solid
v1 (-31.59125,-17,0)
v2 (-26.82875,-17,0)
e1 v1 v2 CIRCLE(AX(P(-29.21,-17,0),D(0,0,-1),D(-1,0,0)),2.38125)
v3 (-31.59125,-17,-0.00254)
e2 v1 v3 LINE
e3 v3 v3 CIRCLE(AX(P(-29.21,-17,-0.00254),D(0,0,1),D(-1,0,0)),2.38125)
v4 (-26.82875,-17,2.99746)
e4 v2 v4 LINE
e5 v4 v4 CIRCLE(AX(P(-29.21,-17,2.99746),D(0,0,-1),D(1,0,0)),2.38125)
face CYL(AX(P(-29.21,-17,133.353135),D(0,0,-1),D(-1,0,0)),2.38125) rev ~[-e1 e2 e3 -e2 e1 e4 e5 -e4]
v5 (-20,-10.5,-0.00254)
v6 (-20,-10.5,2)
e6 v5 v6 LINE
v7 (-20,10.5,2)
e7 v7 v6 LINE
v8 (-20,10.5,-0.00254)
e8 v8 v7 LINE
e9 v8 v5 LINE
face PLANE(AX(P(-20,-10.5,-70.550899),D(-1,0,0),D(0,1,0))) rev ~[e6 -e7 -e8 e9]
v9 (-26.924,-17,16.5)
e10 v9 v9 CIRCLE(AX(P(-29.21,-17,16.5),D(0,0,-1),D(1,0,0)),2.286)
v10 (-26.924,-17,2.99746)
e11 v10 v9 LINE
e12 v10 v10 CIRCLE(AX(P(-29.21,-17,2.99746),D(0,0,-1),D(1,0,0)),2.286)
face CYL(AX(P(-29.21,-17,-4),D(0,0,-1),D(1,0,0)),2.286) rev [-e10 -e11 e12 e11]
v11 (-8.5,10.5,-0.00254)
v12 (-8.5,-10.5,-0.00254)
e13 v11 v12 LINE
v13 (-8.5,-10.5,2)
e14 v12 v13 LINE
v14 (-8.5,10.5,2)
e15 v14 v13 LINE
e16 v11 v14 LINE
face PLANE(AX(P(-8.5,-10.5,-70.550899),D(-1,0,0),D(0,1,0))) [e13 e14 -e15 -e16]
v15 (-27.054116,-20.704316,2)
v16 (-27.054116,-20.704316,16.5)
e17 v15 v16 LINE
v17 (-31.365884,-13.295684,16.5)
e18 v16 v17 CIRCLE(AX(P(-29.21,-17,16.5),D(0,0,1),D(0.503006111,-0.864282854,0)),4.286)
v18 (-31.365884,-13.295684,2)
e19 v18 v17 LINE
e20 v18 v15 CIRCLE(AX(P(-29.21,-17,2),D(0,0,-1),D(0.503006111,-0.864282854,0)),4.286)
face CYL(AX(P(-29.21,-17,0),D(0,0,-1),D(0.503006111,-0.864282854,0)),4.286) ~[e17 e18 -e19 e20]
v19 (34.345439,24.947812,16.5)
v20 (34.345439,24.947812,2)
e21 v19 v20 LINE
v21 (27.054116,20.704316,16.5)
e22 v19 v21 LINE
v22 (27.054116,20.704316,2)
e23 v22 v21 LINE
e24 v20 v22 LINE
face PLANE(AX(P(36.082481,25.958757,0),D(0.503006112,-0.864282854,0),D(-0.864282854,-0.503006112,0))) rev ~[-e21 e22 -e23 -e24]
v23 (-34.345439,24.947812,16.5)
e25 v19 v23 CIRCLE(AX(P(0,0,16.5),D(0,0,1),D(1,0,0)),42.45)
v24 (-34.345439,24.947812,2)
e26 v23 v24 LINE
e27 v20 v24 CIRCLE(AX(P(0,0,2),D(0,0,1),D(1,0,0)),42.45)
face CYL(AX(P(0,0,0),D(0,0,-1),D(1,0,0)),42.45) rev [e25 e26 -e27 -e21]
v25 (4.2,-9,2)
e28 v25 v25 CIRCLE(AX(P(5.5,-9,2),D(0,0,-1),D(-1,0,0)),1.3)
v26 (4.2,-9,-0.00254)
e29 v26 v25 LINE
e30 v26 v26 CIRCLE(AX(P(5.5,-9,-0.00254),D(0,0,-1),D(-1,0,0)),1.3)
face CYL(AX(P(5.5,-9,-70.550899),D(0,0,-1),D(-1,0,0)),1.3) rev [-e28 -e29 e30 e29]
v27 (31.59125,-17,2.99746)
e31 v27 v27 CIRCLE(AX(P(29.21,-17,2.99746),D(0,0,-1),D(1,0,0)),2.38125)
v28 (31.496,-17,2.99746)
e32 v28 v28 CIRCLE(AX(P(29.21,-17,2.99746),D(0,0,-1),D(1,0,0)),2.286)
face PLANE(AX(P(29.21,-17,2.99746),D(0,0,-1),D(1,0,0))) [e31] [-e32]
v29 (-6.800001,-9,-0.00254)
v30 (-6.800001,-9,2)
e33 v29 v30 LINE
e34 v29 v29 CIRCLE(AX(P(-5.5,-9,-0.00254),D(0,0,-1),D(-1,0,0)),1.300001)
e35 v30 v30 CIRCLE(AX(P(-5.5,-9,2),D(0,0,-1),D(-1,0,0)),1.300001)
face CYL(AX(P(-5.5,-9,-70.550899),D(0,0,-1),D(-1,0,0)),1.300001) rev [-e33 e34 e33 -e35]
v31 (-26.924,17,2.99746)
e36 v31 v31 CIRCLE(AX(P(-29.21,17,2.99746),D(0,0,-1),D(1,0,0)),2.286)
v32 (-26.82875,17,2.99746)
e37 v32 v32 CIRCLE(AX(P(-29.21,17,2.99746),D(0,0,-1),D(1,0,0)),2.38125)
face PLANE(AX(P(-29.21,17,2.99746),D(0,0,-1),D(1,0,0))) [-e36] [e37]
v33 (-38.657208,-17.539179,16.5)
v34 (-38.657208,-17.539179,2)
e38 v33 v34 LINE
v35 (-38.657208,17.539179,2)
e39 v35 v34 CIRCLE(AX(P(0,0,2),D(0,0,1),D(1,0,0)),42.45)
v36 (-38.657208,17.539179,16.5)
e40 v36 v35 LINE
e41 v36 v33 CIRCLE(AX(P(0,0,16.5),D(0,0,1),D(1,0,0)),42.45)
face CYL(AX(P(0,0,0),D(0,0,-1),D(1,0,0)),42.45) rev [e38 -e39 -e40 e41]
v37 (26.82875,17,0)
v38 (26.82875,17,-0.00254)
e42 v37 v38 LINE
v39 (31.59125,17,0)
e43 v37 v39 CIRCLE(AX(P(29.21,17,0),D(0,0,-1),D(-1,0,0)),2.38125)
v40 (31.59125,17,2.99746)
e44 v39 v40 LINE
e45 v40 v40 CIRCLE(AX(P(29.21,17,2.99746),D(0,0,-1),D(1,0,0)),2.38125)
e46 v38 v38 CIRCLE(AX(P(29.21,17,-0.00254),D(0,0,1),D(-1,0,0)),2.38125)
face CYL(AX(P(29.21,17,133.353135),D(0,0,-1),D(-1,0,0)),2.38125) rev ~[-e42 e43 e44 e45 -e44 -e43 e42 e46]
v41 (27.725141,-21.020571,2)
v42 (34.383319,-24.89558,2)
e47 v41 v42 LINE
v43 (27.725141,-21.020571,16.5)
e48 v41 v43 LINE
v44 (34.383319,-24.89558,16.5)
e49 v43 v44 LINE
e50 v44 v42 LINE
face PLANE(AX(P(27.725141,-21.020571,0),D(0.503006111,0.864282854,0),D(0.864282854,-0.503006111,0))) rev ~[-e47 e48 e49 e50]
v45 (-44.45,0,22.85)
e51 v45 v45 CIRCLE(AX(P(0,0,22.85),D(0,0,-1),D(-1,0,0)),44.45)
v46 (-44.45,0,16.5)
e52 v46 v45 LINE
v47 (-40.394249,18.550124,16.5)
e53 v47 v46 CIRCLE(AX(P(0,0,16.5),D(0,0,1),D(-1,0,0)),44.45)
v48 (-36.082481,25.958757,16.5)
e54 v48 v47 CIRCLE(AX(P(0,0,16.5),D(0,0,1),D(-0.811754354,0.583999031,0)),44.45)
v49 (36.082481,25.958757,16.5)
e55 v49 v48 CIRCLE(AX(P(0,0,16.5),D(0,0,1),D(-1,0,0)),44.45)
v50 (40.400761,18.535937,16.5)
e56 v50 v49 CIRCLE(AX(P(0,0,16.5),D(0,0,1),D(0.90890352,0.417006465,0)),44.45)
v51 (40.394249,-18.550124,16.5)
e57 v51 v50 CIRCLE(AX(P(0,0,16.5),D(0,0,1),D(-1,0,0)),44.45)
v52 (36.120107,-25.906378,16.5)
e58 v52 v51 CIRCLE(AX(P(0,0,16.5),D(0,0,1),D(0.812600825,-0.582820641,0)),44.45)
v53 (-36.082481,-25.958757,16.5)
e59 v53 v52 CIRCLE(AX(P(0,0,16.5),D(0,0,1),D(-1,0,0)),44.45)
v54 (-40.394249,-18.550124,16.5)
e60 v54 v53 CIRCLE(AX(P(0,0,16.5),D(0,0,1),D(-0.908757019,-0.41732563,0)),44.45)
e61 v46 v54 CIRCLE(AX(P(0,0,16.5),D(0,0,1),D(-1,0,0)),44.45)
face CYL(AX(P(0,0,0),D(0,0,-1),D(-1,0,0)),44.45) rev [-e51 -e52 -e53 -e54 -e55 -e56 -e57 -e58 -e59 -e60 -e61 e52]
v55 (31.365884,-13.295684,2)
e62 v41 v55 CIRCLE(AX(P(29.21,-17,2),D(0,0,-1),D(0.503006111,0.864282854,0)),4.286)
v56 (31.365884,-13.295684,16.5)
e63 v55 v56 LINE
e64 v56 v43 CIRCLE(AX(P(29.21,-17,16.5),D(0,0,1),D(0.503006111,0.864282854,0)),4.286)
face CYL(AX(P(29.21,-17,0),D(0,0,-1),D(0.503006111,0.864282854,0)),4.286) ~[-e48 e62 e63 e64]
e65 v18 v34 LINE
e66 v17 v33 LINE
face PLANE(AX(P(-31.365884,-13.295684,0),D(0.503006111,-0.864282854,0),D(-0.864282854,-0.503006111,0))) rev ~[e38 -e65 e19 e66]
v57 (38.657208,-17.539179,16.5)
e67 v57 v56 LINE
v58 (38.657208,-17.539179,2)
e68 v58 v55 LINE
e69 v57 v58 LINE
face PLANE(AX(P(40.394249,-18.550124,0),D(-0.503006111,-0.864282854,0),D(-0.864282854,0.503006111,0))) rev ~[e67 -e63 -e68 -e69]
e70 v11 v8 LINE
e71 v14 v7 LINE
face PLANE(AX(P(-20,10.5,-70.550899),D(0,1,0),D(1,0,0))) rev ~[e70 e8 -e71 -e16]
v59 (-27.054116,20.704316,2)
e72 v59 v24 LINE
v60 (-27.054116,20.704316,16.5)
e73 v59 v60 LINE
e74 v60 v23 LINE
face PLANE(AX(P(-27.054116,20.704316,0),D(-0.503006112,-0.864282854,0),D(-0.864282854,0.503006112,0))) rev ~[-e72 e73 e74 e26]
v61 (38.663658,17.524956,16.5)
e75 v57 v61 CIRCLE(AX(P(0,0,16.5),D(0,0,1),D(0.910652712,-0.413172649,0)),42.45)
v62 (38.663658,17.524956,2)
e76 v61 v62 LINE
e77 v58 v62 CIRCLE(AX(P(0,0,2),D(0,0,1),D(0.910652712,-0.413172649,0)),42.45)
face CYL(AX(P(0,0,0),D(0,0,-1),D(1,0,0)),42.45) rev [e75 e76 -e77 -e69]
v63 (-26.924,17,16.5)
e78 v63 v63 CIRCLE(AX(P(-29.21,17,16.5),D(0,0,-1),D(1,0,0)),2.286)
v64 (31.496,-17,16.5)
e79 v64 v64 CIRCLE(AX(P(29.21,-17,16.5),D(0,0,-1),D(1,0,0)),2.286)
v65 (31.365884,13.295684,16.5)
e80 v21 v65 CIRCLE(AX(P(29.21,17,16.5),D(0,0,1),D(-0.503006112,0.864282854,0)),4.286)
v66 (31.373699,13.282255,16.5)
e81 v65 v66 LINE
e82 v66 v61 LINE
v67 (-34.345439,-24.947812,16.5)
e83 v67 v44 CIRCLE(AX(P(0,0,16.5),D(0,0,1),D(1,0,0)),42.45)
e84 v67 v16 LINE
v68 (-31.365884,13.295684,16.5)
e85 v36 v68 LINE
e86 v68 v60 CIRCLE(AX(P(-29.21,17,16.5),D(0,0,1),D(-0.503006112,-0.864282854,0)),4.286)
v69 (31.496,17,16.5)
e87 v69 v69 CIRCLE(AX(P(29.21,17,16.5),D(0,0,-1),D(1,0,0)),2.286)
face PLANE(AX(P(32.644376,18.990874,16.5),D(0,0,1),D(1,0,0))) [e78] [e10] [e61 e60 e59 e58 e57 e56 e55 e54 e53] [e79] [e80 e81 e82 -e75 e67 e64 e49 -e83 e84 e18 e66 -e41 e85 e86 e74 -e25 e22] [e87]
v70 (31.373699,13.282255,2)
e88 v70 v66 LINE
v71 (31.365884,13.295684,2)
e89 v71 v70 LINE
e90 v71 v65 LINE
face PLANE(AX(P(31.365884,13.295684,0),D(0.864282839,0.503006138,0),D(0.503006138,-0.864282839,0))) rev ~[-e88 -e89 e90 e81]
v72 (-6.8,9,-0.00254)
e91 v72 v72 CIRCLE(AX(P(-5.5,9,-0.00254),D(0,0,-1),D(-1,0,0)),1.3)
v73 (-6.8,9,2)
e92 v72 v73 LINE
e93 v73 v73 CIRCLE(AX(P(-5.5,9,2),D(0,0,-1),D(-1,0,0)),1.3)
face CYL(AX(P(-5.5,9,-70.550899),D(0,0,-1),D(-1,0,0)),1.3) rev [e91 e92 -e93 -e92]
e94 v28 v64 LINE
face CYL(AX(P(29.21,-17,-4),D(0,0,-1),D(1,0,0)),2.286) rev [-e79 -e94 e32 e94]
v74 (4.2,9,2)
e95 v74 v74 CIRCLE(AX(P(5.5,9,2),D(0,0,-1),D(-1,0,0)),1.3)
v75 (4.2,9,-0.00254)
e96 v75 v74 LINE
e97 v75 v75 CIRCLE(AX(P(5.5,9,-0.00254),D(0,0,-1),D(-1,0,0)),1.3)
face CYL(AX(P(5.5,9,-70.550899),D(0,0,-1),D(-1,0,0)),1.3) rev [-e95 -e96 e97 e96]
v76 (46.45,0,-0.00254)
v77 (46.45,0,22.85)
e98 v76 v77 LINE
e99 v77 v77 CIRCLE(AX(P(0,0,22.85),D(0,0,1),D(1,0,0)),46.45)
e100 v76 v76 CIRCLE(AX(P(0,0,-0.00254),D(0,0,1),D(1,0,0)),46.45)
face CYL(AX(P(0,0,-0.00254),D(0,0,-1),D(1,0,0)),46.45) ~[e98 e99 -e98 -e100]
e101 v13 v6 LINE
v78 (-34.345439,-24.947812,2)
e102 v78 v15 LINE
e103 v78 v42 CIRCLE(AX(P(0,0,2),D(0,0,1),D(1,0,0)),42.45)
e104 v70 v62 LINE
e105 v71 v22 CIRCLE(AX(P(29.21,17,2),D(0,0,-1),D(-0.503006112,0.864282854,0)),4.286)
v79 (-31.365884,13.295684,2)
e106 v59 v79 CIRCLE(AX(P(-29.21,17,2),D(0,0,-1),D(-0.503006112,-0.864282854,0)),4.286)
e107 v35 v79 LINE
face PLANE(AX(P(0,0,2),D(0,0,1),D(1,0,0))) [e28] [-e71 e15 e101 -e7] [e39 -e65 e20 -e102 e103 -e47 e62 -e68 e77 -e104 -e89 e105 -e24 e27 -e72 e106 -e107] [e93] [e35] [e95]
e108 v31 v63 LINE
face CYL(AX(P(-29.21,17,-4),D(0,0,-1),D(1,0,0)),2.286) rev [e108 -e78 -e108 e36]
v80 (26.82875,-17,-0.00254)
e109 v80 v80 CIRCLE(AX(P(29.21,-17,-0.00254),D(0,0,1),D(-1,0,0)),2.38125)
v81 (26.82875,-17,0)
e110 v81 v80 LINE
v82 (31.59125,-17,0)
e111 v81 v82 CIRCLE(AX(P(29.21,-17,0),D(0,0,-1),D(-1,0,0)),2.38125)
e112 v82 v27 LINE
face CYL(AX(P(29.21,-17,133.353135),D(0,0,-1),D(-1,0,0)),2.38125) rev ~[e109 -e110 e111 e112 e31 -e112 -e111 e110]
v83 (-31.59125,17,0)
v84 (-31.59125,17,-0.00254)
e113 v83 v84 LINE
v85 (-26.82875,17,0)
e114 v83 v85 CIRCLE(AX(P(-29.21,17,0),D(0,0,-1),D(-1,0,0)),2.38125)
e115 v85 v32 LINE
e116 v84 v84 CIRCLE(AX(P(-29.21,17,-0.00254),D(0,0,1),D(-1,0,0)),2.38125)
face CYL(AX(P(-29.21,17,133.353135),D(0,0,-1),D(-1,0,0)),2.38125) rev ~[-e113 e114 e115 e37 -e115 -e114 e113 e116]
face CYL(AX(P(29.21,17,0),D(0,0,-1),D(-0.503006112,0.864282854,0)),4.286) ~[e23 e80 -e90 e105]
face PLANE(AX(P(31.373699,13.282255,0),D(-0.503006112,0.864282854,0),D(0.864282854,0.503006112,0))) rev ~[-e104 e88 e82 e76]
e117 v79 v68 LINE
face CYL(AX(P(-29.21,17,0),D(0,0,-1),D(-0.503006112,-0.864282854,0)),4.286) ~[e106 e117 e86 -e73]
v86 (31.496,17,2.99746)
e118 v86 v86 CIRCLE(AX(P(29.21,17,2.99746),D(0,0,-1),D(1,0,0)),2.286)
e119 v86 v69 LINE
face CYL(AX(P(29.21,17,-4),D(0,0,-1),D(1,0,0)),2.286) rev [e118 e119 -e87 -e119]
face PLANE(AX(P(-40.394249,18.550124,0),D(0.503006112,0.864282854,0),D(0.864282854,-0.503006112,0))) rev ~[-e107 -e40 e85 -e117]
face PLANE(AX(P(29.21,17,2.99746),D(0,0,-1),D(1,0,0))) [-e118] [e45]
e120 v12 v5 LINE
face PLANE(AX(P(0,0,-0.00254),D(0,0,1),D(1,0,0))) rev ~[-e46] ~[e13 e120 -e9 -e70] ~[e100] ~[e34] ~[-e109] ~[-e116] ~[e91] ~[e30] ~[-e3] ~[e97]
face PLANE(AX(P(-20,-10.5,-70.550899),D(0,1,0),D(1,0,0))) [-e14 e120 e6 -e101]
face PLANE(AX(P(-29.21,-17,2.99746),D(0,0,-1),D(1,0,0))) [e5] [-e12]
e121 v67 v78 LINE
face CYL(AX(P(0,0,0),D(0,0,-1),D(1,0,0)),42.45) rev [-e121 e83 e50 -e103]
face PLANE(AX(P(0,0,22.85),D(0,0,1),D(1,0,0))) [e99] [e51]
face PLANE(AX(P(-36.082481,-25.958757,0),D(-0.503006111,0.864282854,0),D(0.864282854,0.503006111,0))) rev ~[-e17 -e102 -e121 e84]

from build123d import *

# Parameters (mm, degrees)
BOSS_EXTRUDE5_DEPTH         = 22.85
BOSS_EXTRUDE5_DEPTH_BACK    = 0.00254
SKETCH1_R                   = 46.45
SKETCH1_12_R                = 44.45
CUT_EXTRUDE13_DEPTH         = 70.550898628
F_3_16_0_1875_DOWEL_HOLE1_D = 4.7625
F_3_16_0_1875_DOWEL_HOLE3_D = 4.7625
F_3_16_0_1875_DOWEL_HOLE4_D = 4.7625
F_3_16_0_1875_DOWEL_HOLE5_D = 4.7625
SKETCH1_21_R                = 44.45
SKETCH1_21_R_2              = 42.45
BOSS_EXTRUDE16_DEPTH        = 16.5
BOSS_EXTRUDE15_DEPTH        = 16.5
CUT_EXTRUDE21_DEPTH         = 70.550898628
CUT_EXTRUDE21_DEPTH_BACK    = 4
SKETCH24_4_R                = 2.286
SKETCH25_R                  = 42.45
BOSS_EXTRUDE17_DEPTH        = 2
CUT_EXTRUDE22_DEPTH         = 70.550898628
CUT_EXTRUDE22_DEPTH_BACK    = 70.550898628
SKETCH21_W                  = 11.5
SKETCH21_H                  = 21
SKETCH21_R                  = 1.3
SKETCH21_R_2                = 1.3000014
SKETCH26_R                  = 2.38125
CUT_EXTRUDE23_DEPTH         = 3


with BuildPart() as part:
    # Sketch1 → Boss-Extrude5 (new, two sides: drawn at the far end of the back side and taken through both)
    with BuildSketch(Plane.XY.offset(-BOSS_EXTRUDE5_DEPTH_BACK)):
        Circle(SKETCH1_R)
    extrude(amount=BOSS_EXTRUDE5_DEPTH + BOSS_EXTRUDE5_DEPTH_BACK)

    # Sketch1<12> → Cut-Extrude13 (cut, through all)
    with BuildSketch(Plane.XY):
        Circle(SKETCH1_12_R)
    extrude(amount=CUT_EXTRUDE13_DEPTH, mode=Mode.SUBTRACT)

    # 3/16 (0.1875) Dowel Hole1 (through all)
    with Locations(Plane.XY):
        with Locations((-29.21, 17.000000036)):
            Hole(F_3_16_0_1875_DOWEL_HOLE1_D / 2)

    # 3/16 (0.1875) Dowel Hole3 (through all)
    with Locations(Plane.XY):
        with Locations((-29.21, -16.999999964)):
            Hole(F_3_16_0_1875_DOWEL_HOLE3_D / 2)

    # 3/16 (0.1875) Dowel Hole4 (through all)
    with Locations(Plane.XY):
        with Locations((29.21, -16.999999964)):
            Hole(F_3_16_0_1875_DOWEL_HOLE4_D / 2)

    # 3/16 (0.1875) Dowel Hole5 (through all)
    with Locations(Plane.XY):
        with Locations((29.21, 17.000000036)):
            Hole(F_3_16_0_1875_DOWEL_HOLE5_D / 2)

    # Sketch1<21> → Boss-Extrude16 (add)
    with BuildSketch(Plane.XY):
        Circle(SKETCH1_21_R)
        Circle(SKETCH1_21_R_2, mode=Mode.SUBTRACT)
    extrude(amount=BOSS_EXTRUDE16_DEPTH)

    # Sketch24 → Boss-Extrude15 (add)
    with BuildSketch(Plane.XY):
        with BuildLine():
            Line((40.581072285, 18.64087695), (36.261488643, 26.062938004))
            Line((36.261488643, 26.062938004), (27.054115803, 20.704316346))
            ThreePointArc((27.054115803, 20.704316346), (25.50568369, 14.844115839), (31.365884197, 13.295683726))
            Line((31.365884197, 13.295683726), (31.373699445, 13.282255292))
            Line((31.373699445, 13.282255292), (40.581072285, 18.64087695))
        make_face()
        with BuildLine():
            Line((27.725141272, -21.020570888), (36.293779908, -26.007454028))
            Line((36.293779908, -26.007454028), (40.573257072, -18.654305309))
            Line((40.573257072, -18.654305309), (31.365884191, -13.29568365))
            ThreePointArc((31.365884191, -13.29568365), (25.333011542, -15.172773516), (27.725141272, -21.020570888))
        make_face()
        with BuildLine():
            Line((-36.261488643, 26.062938004), (-40.573257038, 18.654305383))
            Line((-40.573257038, 18.654305383), (-31.365884197, 13.295683726))
            ThreePointArc((-31.365884197, 13.295683726), (-25.50568369, 14.844115839), (-27.054115803, 20.704316346))
            Line((-27.054115803, 20.704316346), (-36.261488643, 26.062938004))
        make_face()
        with BuildLine():
            Line((-31.365884191, -13.29568365), (-40.573257072, -18.654305309))
            Line((-40.573257072, -18.654305309), (-36.261488691, -26.062937937))
            Line((-36.261488691, -26.062937937), (-27.054115809, -20.704316278))
            ThreePointArc((-27.054115809, -20.704316278), (-25.505683686, -14.844115773), (-31.365884191, -13.29568365))
        make_face()
    extrude(amount=BOSS_EXTRUDE15_DEPTH)

    # Sketch24<4> → Cut-Extrude21 (cut, two sides: drawn at the far end of the back side and taken through both)
    with BuildSketch(Plane.XY.offset(-CUT_EXTRUDE21_DEPTH_BACK)):
        with Locations((29.21, 17.000000036)):
            Circle(SKETCH24_4_R)
        with Locations((29.21, -16.999999964)):
            Circle(SKETCH24_4_R)
        with Locations((-29.21, 17.000000036)):
            Circle(SKETCH24_4_R)
        with Locations((-29.21, -16.999999964)):
            Circle(SKETCH24_4_R)
    extrude(amount=CUT_EXTRUDE21_DEPTH + CUT_EXTRUDE21_DEPTH_BACK, mode=Mode.SUBTRACT)

    # Sketch25 → Boss-Extrude17 (add)
    with BuildSketch(Plane.XY):
        Circle(SKETCH25_R)
    extrude(amount=BOSS_EXTRUDE17_DEPTH)

    # Sketch21 → Cut-Extrude22 (cut, two sides: drawn at the far end of the back side and taken through both)
    with BuildSketch(Plane.XY.offset(-CUT_EXTRUDE22_DEPTH_BACK)):
        with Locations((-14.25, 0)):
            Rectangle(SKETCH21_W, SKETCH21_H)
        with Locations((-5.5, 9)):
            Circle(SKETCH21_R)
        with Locations((5.5, 9)):
            Circle(SKETCH21_R)
        with Locations((5.5, -9)):
            Circle(SKETCH21_R)
        with Locations((-5.5, -9)):
            Circle(SKETCH21_R_2)
    extrude(amount=CUT_EXTRUDE22_DEPTH + CUT_EXTRUDE22_DEPTH_BACK, mode=Mode.SUBTRACT)

    # Sketch26 → Cut-Extrude23 (cut)
    with BuildSketch(Plane(origin=(0, 0, -0.00254), x_dir=(-1, 0, 0), z_dir=(0, 0, -1))):
        with Locations((29.21, -16.999999964)):
            Circle(SKETCH26_R)
        with Locations((29.21, 17.000000036)):
            Circle(SKETCH26_R)
        with Locations((-29.21, 17.000000036)):
            Circle(SKETCH26_R)
        with Locations((-29.21, -16.999999964)):
            Circle(SKETCH26_R)
    extrude(amount=-CUT_EXTRUDE23_DEPTH, mode=Mode.SUBTRACT)


solid = part.part
